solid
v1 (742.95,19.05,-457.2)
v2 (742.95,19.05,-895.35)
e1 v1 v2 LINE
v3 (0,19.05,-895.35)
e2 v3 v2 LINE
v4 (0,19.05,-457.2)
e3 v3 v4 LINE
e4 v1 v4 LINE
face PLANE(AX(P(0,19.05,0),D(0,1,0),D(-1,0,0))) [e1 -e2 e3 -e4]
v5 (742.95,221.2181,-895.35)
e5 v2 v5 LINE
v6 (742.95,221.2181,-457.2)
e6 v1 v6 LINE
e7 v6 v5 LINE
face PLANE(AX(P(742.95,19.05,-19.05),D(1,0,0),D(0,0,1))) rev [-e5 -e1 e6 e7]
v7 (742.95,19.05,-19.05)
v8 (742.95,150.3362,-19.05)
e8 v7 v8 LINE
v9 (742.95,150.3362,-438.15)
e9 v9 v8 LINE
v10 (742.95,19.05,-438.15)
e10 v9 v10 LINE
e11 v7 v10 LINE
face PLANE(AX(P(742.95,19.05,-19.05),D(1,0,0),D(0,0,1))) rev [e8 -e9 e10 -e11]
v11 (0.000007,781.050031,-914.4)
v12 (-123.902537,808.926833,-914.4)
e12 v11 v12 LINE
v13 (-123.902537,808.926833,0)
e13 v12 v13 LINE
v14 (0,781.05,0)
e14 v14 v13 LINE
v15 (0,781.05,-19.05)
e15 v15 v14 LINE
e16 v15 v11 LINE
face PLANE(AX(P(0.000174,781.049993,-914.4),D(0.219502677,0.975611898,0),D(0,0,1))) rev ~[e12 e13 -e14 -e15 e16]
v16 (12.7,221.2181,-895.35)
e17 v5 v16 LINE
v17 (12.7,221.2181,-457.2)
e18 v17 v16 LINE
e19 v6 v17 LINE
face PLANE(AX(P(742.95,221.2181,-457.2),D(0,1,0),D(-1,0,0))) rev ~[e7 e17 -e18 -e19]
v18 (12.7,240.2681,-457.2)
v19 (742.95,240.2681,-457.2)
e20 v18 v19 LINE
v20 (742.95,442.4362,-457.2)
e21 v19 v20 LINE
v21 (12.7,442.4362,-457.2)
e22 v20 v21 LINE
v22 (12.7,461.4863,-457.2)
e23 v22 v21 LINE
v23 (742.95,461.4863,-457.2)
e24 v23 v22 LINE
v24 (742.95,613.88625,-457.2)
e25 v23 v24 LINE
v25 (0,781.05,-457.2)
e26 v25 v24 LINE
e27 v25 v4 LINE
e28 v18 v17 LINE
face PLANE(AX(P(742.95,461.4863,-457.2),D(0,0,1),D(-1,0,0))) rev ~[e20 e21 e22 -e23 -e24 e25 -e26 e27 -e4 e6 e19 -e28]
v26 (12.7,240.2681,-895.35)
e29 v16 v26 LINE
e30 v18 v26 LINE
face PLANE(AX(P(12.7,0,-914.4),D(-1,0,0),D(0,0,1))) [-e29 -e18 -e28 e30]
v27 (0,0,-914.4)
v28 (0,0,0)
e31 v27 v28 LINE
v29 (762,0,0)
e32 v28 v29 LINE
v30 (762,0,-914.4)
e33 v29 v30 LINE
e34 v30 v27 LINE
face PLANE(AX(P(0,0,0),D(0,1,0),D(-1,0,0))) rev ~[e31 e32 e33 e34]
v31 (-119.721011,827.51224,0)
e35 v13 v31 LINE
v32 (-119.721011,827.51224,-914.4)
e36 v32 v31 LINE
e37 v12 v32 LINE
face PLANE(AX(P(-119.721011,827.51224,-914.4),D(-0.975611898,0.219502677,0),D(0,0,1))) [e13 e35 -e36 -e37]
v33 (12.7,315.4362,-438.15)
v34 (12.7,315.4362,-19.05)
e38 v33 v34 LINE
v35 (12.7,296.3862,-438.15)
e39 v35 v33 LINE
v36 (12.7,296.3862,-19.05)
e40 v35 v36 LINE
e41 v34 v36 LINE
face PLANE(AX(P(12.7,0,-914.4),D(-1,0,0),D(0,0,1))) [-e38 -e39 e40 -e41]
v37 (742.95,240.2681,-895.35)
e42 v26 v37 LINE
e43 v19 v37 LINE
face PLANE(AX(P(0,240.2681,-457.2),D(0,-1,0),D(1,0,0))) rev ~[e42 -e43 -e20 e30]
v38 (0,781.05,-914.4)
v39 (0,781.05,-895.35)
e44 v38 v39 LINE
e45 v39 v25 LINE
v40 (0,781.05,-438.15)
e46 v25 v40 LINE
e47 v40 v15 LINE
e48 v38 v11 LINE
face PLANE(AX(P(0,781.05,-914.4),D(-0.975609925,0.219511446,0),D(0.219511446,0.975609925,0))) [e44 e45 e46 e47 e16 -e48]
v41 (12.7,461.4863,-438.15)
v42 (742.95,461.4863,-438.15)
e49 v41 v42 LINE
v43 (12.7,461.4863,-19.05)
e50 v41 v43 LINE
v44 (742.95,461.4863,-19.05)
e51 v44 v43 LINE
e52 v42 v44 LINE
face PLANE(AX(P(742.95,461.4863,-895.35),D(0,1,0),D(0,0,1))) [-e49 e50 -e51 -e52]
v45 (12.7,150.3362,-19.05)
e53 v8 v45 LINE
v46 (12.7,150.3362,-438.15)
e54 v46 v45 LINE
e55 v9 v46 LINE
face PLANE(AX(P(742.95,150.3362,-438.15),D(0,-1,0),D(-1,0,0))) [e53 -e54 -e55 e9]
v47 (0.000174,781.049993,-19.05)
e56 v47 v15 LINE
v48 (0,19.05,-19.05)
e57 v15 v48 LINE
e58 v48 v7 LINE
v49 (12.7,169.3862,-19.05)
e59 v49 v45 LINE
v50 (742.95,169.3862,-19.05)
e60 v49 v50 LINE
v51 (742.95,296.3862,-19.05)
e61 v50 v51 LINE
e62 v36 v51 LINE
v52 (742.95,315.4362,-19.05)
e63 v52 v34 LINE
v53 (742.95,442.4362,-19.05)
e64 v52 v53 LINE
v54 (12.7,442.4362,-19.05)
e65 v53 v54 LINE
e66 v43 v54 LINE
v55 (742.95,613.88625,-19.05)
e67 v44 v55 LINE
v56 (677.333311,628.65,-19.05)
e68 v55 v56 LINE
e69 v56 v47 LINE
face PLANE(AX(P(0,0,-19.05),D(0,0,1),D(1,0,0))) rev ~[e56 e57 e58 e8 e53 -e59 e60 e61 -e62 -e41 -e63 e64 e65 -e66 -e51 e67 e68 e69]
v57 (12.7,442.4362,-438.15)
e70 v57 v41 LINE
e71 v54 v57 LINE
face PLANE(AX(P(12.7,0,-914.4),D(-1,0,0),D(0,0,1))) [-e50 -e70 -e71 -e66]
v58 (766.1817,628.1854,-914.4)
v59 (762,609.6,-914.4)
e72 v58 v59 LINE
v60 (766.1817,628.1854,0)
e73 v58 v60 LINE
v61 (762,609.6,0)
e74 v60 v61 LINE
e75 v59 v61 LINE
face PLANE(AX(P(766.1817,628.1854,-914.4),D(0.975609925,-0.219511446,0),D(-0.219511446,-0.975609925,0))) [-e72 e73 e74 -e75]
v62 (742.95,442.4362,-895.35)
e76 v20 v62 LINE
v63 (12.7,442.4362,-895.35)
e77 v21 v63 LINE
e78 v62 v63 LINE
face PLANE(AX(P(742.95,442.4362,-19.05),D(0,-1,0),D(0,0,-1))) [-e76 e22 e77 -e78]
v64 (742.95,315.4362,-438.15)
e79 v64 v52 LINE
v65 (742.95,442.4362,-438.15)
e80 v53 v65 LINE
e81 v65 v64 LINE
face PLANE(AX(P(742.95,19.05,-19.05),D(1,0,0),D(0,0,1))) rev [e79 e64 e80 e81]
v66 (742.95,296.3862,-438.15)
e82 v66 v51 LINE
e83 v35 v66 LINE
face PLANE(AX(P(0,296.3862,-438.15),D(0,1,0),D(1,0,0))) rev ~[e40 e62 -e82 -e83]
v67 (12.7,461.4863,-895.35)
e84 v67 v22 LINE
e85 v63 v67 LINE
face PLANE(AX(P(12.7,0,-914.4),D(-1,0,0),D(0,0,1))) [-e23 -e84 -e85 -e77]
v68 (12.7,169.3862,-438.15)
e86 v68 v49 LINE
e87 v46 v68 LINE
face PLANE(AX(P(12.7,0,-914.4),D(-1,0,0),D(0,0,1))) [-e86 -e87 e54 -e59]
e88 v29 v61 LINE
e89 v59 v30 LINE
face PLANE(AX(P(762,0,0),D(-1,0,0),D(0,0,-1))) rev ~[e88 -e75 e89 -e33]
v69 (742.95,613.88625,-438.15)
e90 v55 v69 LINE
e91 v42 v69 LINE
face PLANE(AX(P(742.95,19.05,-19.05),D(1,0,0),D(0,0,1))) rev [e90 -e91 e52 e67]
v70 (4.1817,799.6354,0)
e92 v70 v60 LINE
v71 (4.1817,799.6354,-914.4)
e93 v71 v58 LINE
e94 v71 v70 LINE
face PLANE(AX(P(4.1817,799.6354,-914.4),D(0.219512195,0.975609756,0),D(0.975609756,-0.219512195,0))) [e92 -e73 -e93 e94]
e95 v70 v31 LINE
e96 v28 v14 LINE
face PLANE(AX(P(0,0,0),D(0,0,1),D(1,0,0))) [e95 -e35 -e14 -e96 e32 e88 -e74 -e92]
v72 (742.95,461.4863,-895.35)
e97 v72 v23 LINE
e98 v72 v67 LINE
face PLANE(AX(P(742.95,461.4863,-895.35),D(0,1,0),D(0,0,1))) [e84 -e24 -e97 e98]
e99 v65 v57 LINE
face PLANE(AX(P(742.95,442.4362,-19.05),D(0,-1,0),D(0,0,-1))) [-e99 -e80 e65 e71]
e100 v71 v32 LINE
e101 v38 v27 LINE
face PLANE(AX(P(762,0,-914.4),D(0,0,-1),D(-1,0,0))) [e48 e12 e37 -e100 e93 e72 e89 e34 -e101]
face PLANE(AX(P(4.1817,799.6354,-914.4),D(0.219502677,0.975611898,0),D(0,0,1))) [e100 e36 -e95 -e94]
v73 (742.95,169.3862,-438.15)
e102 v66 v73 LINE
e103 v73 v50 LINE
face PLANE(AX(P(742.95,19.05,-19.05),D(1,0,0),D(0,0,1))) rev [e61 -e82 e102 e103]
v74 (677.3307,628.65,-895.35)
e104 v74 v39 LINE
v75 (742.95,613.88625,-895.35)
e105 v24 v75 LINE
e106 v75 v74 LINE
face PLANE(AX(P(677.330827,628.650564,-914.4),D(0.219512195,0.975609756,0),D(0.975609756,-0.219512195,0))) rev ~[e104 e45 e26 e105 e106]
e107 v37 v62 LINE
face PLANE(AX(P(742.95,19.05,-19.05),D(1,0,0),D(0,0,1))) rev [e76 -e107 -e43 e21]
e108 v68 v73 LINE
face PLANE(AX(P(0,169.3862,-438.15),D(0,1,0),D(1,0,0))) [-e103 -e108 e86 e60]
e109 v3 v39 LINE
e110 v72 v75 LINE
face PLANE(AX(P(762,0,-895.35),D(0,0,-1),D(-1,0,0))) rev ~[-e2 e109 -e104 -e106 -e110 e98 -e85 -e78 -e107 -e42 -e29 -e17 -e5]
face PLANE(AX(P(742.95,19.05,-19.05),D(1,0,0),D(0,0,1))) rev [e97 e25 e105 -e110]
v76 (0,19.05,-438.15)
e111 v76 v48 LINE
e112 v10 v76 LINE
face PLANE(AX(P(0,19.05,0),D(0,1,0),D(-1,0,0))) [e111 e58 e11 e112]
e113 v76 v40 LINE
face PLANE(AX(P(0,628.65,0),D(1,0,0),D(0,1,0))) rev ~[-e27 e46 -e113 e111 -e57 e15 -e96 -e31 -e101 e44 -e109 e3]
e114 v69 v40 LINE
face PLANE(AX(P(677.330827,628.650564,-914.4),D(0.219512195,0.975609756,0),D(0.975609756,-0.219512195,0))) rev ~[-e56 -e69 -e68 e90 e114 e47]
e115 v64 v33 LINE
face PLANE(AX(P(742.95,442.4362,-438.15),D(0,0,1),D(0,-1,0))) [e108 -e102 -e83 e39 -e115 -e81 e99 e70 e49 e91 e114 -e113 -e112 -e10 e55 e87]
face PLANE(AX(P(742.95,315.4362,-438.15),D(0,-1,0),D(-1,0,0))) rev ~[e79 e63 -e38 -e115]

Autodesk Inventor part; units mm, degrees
ref_plane "YZ Plane" through (0, 0, 0) normal (1, 0, 0) x (0, 1, 0)
ref_plane "XZ Plane" through (0, 0, 0) normal (0, 1, 0) x (-1, 0, 0)
ref_plane "XY Plane" through (0, 0, 0) normal (0, 0, 1) x (1, 0, 0)
sketch "Sketch1" plane through (0, 0, 0) normal (0, 1, 0) x (-1, 0, 0)
  line L0 (0, 0) -> (-762, 0)
  line L1 (-762, 0) -> (-762, -914.4)
  line L2 (-762, -914.4) -> (0, -914.4)
  line L3 (0, -914.4) -> (0, 0)
  dimension "d0" = 762
  dimension "d1" = 914.4
extrude "Extrusion1" add sketch "Sketch1" along normal blind 19.05
sketch "Sketch5" plane through (762, 0, -914.4) normal (0, 0, -1) x (-1, 0, 0)
  line L0 (0, 0) -> (0, 19.05) projected
  line L1 (0, 0) -> (762, 0) projected
  line L2 (762, 0) -> (762, 19.05) projected
  line L3 (762, 628.65) -> (762, 781.05)
  line L4 (762, 781.05) -> (0, 609.6)
  line L5 (0, 609.6) -> (762, 609.6) construction
  line L6 (762, 19.05) -> (762, 628.65) construction
  line L7 (762, 781.05) -> (757.8183, 799.6354)
  line L8 (757.8183, 799.6354) -> (-4.1817, 628.1854)
  line L9 (0, 609.6) -> (84.6693, 628.65) projected
  line L10 (-4.1817, 628.1854) -> (0, 609.6)
  line L11 (0, 19.05) -> (762, 19.05) projected
  dimension "d22" = 152.4
  dimension "d23" = 12.68
  dimension "d25" = 19.05
  dimension "d26" = 90
  dimension "d28" = 90
  dimension "d29" = 90
extrude "Extrusion5" add sketch "Sketch5" against normal up to surface (914.4 mm away) contours L4 L10 L8 L7
sketch "Sketch7" plane through (0, 19.05, 0) normal (0, 1, 0) x (1, 0, 0)
  line L0 (0, 0) -> (762, 0) projected
  line L1 (0, 914.4) -> (0, 0) projected
  line L2 (762, 914.4) -> (0, 914.4) projected
  line L3 (762, 0) -> (762, 914.4) projected
  line L4 (762, 0) -> (762, 914.4) projected
  line L5 (0, 914.4) -> (0, 0) projected
  line L6 (762, 914.4) -> (0, 914.4)
  line L7 (0, 914.4) -> (0, 895.35)
  line L8 (0, 895.35) -> (742.95, 895.35)
  line L9 (762, 895.35) -> (762, 914.4)
  line L10 (762, 914.4) -> (742.95, 914.4)
  line L11 (742.95, 895.35) -> (742.95, 457.2)
  line L12 (742.95, 457.2) -> (762, 457.2)
  line L13 (762, 457.2) -> (762, 914.4)
  dimension "d38" = 19.05
  dimension "d39" = 19.05
  dimension "d40" = 457.2
extrude "Extrusion7" add sketch "Sketch7" along normal blind 609.6 contours L1 L2 L3 L12 L11 L8
sketch "Sketch8" plane through (762, 0, -914.4) normal (0, 0, -1) x (-1, 0, 0)
  line L0 (0, 0) -> (762, 0) projected
  line L1 (762, 0) -> (762, 628.65) projected
  line L2 (84.6667, 628.65) -> (762, 628.65) projected
  line L3 (84.6667, 628.65) -> (762, 781.05) projected
  line L4 (762, 781.05) -> (757.8183, 799.6354) projected
  line L5 (757.8183, 799.6354) -> (-4.1817, 628.1854) projected
  line L6 (-4.1817, 628.1854) -> (0, 609.6) projected
  line L7 (0, 0) -> (0, 609.6) projected
  line L8 (762, 628.65) -> (762, 781.05)
  line L9 (84.6667, 628.65) -> (762, 781.05) projected
  line L10 (762, 781.05) -> (84.6667, 628.65)
  line L11 (84.6667, 628.65) -> (762, 628.65)
extrude "Extrusion8" add sketch "Sketch8" against normal blind 19.05 contours L2 L3 L8
ref_plane "Work Plane2" through (762, 0, -457.2) normal (0, 0, -1) x (-1, 0, 0)
mirror "Mirror1" about plane through (762, 0, -457.2) normal (0, 0, -1) of "Extrusion7"
sketch "Sketch9" plane through (0, 0, 0) normal (0, 0, 1) x (1, 0, 0)
  line L0 (766.1817, 628.1854) -> (762, 609.6) projected
  line L1 (4.1817, 799.6354) -> (766.1817, 628.1854) projected
  line L2 (0, 781.05) -> (4.1817, 799.6354) projected
  line L3 (677.3333, 628.65) -> (0, 781.05) projected
  line L4 (677.3333, 628.65) -> (0, 628.65) projected
  line L5 (0, 0) -> (0, 628.65) projected
  line L6 (0, 0) -> (762, 0) projected
  line L7 (762, 0) -> (762, 609.6) projected
  line L8 (0, 19.05) -> (0, 781.05) projected
  line L9 (0, 628.65) -> (0, 781.05)
  line L10 (0, 781.05) -> (677.3333, 628.65)
  line L11 (0, 781.05) -> (742.95, 613.8863) projected
  line L12 (0, 628.65) -> (677.3333, 628.65)
extrude "Extrusion9" add sketch "Sketch9" against normal blind 19.05 contours L3 L4 L8
sketch "Sketch12" plane through (742.95, 19.05, -895.35) normal (-1, 0, 0) x (0, 0, 1)
  line L0 (0, 594.8363) -> (876.3, 594.8363) projected
  line L1 (0, 0) -> (0, 594.8363) projected
  line L2 (876.3, 0) -> (0, 0) projected
  line L3 (876.3, 0) -> (876.3, 594.8363) projected
  line L4 (0, 0) -> (0, 594.8363) projected
  line L5 (876.3, 0) -> (876.3, 762) projected
  line L6 (0, 442.4363) -> (876.3, 442.4363)
  line L7 (876.3, 442.4363) -> (876.3, 423.3862)
  line L8 (876.3, 423.3862) -> (0, 423.3862)
  line L9 (0, 423.3862) -> (0, 442.4363)
  point P0 (895.35, -19.05)
  dimension "d57" = 19.05
  dimension "d58" = 152.4
extrude "Extrusion10" add sketch "Sketch12" along normal up to surface (742.95 mm away) contours L6 L3 L8 L1
sketch "Sketch13" plane through (742.95, 461.4863, -19.05) normal (0, 1, 0) x (1, 0, 0)
  line L0 (-742.95, 0) -> (-742.95, 876.3) projected
  line L1 (0, 876.3) -> (-742.95, 876.3) projected
  line L2 (0, 0) -> (0, 876.3) projected
  line L3 (-742.95, 0) -> (0, 0) projected
  line L4 (0, 0) -> (0, 876.3) projected
  line L5 (-742.95, 876.3) -> (-742.95, 0) projected
  line L6 (0, 438.15) -> (-742.95, 438.15)
  line L7 (-742.95, 438.15) -> (-742.95, 419.1)
  line L8 (-742.95, 419.1) -> (0, 419.1)
  line L9 (0, 419.1) -> (0, 438.15)
  point P0 (-742.95, -19.05)
  dimension "d61" = 19.05
extrude "Extrusion11" add sketch "Sketch13" along normal up to surface contours L0 L6 L2 L8 surface through (0, 781.05, -914.4) normal (-0.2195, -0.9756, 0)
sketch "Sketch14" plane through (4.1817, 799.6354, -914.4) normal (-0.9756, 0.2195, 0) x (0, 0, 1)
  line L0 (914.4, -19.05) -> (914.4, 0) projected
  line L1 (0, 0) -> (914.4, 0) projected
  line L2 (0, -19.05) -> (0, 0) projected
  line L3 (0, -19.05) -> (19.05, -19.05) projected
  line L4 (19.05, -19.05) -> (457.2, -19.05) projected
  line L5 (457.2, -19.05) -> (476.25, -19.05) projected
  line L6 (476.25, -19.05) -> (895.35, -19.05) projected
  line L7 (895.35, -19.05) -> (914.4, -19.05) projected
  line L8 (914.4, -781.05) -> (914.4, -19.05) projected
  line L9 (0, 0) -> (914.4, 0)
  line L10 (914.4, 0) -> (914.4, -19.05)
  line L11 (914.4, -19.05) -> (0, -19.05)
  line L12 (0, -19.05) -> (0, 0)
extrude "Extrusion12" add sketch "Sketch14" along normal blind 127
sketch "Sketch15" plane through (742.95, 19.05, -895.35) normal (-1, 0, 0) x (0, 0, 1)
  line L0 (876.3, 423.3862) -> (0, 423.3862) projected
  line L1 (0, 0) -> (0, 423.3862) projected
  line L2 (876.3, 0) -> (0, 0) projected
  line L3 (876.3, 0) -> (876.3, 423.3862) projected
  line L4 (876.3, 423.3862) -> (0, 423.3862) projected
  line L5 (0, 0) -> (876.3, 0) projected
  line L6 (438.15, 423.3862) -> (457.2, 423.3862)
  line L7 (457.2, 423.3862) -> (457.2, 0)
  line L8 (457.2, 0) -> (438.15, 0)
  line L9 (438.15, 0) -> (438.15, 423.3862)
  point P0 (895.35, -19.05)
  dimension "d66" = 19.05
extrude "Extrusion13" add sketch "Sketch15" along normal up to surface (742.95 mm away) contours L7 L2 L9 L0
sketch "Sketch16" plane through (742.95, 19.05, -438.15) normal (0, 0, 1) x (1, 0, 0)
  line L0 (-742.95, 0) -> (-742.95, 423.3862) projected
  line L1 (0, 423.3862) -> (-742.95, 423.3862) projected
  line L2 (0, 0) -> (0, 423.3862) projected
  line L3 (-742.95, 0) -> (0, 0) projected
  line L4 (0, 0) -> (0, 423.3862) projected
  line L5 (-742.95, 277.3362) -> (0, 277.3362)
  line L6 (0, 277.3362) -> (0, 296.3862)
  line L7 (0, 296.3862) -> (-742.95, 296.3862)
  line L8 (-742.95, 296.3862) -> (-742.95, 277.3362)
  line L9 (-742.95, 150.3362) -> (0, 150.3362)
  line L10 (0, 150.3362) -> (0, 131.2862)
  line L11 (0, 131.2862) -> (-742.95, 131.2862)
  line L12 (-742.95, 131.2862) -> (-742.95, 150.3362)
  point P0 (-742.95, -19.05)
  dimension "d69" = 19.05
  dimension "d70" = 127
  dimension "d71" = 19.05
  dimension "d72" = 127
extrude "Extrusion14" add sketch "Sketch16" along normal up to surface (419.1 mm away) contours L0 L9 L2 L11 | L0 L7 L2 L5
sketch "Sketch17" plane through (742.95, 19.05, -457.2) normal (0, 0, -1) x (-1, 0, 0)
  line L0 (742.95, 423.3862) -> (0, 423.3862) projected
  line L1 (0, 0) -> (742.95, 0) projected
  line L2 (0, 131.2862) -> (0, 0) projected
  line L3 (0, 277.3362) -> (0, 150.3362) projected
  line L4 (0, 423.3862) -> (0, 296.3862) projected
  line L5 (742.95, 423.3862) -> (742.95, 296.3862) projected
  line L6 (742.95, 277.3362) -> (742.95, 150.3362) projected
  line L7 (742.95, 131.2862) -> (742.95, 0) projected
  line L8 (0, 423.3862) -> (742.95, 0) construction
  line L9 (742.95, 423.3862) -> (0, 0) construction
  line L10 (0, 202.1681) -> (742.95, 202.1681)
  line L11 (742.95, 202.1681) -> (742.95, 221.2181)
  line L12 (742.95, 221.2181) -> (0, 221.2181)
  line L13 (0, 221.2181) -> (0, 202.1681)
  line L14 (0, 202.1681) -> (742.95, 221.2181) construction
  line L15 (742.95, 202.1681) -> (0, 221.2181) construction
  point P0 (742.95, -19.05)
  point P1 (371.475, 211.6931)
  dimension "d75" = 19.05
extrude "Extrusion15" add sketch "Sketch17" along normal up to surface (438.15 mm away)
sketch "Sketch18" plane through (0, 0, -914.4) normal (-1, 0, 0) x (0, 0, 1)
  line L0 (476.25, 442.4362) -> (476.25, 315.4362) projected
  line L1 (19.05, 240.2681) -> (19.05, 442.4362) projected
  line L2 (457.2, 442.4362) -> (19.05, 442.4362) projected
  line L3 (457.2, 240.2681) -> (457.2, 442.4362) projected
  line L4 (457.2, 240.2681) -> (19.05, 240.2681) projected
  line L5 (476.25, 296.3862) -> (476.25, 169.3862) projected
  line L6 (476.25, 296.3862) -> (895.35, 296.3862) projected
  line L7 (895.35, 169.3862) -> (895.35, 296.3862) projected
  line L8 (476.25, 169.3862) -> (895.35, 169.3862) projected
  line L9 (476.25, 150.3362) -> (895.35, 150.3362) projected
  line L10 (895.35, 19.05) -> (895.35, 150.3362) projected
  line L11 (476.25, 19.05) -> (895.35, 19.05) projected
  line L12 (476.25, 150.3362) -> (476.25, 19.05) projected
  line L13 (476.25, 315.4362) -> (895.35, 315.4362) projected
  line L14 (476.25, 442.4362) -> (476.25, 315.4362) projected
  line L15 (895.35, 442.4362) -> (476.25, 442.4362) projected
  line L16 (895.35, 315.4362) -> (895.35, 442.4362) projected
  line L17 (19.05, 461.4863) -> (19.05, 781.05) projected
  line L18 (0, 781.05) -> (19.05, 781.05) projected
  line L19 (0, 0) -> (0, 781.05) projected
  line L20 (0, 0) -> (914.4, 0) projected
  line L21 (914.4, 0) -> (914.4, 781.05) projected
  line L22 (895.35, 781.05) -> (914.4, 781.05) projected
  line L23 (895.35, 461.4863) -> (895.35, 781.05) projected
  line L24 (476.25, 461.4863) -> (895.35, 461.4863) projected
  line L25 (476.25, 461.4863) -> (476.25, 781.05) projected
  line L26 (457.2, 781.05) -> (476.25, 781.05) projected
  line L27 (457.2, 461.4863) -> (457.2, 781.05) projected
  line L28 (19.05, 461.4863) -> (457.2, 461.4863) projected
  line L29 (457.2, 221.2181) -> (19.05, 221.2181) projected
  line L30 (457.2, 19.05) -> (457.2, 221.2181) projected
  line L31 (19.05, 19.05) -> (457.2, 19.05) projected
  line L32 (19.05, 19.05) -> (19.05, 221.2181) projected
  line L33 (19.05, 461.4863) -> (19.05, 613.8863) projected
  line L34 (457.2, 240.2681) -> (457.2, 442.4362) projected
  line L35 (19.05, 461.4863) -> (457.2, 461.4863)
  line L36 (457.2, 461.4863) -> (457.2, 442.4362)
  line L37 (457.2, 442.4362) -> (19.05, 442.4362)
  line L38 (19.05, 442.4362) -> (19.05, 461.4863)
  line L39 (457.2, 240.2681) -> (19.05, 240.2681) projected
  line L40 (457.2, 221.2181) -> (19.05, 221.2181) projected
  line L41 (19.05, 240.2681) -> (457.2, 240.2681)
  line L42 (457.2, 240.2681) -> (457.2, 221.2181)
  line L43 (457.2, 221.2181) -> (19.05, 221.2181)
  line L44 (19.05, 221.2181) -> (19.05, 240.2681)
  line L45 (476.25, 461.4863) -> (476.25, 781.05) projected
  line L46 (895.35, 315.4362) -> (895.35, 442.4362) projected
  line L47 (476.25, 461.4863) -> (895.35, 461.4863)
  line L48 (895.35, 461.4863) -> (895.35, 442.4362)
  line L49 (895.35, 442.4362) -> (476.25, 442.4362)
  line L50 (476.25, 442.4362) -> (476.25, 461.4863)
  line L51 (895.35, 169.3862) -> (895.35, 296.3862) projected
  line L52 (476.25, 315.4362) -> (895.35, 315.4362)
  line L53 (895.35, 315.4362) -> (895.35, 296.3862)
  line L54 (895.35, 296.3862) -> (476.25, 296.3862)
  line L55 (476.25, 296.3862) -> (476.25, 315.4362)
  line L56 (476.25, 169.3862) -> (895.35, 169.3862) projected
  line L57 (895.35, 19.05) -> (895.35, 150.3362) projected
  line L58 (476.25, 169.3862) -> (895.35, 169.3862)
  line L59 (895.35, 169.3862) -> (895.35, 150.3362)
  line L60 (895.35, 150.3362) -> (476.25, 150.3362)
  line L61 (476.25, 150.3362) -> (476.25, 169.3862)
extrude "Extrusion16" cut sketch "Sketch18" against normal blind 12.7 contours L50 L24 L48 L15 | L13 L53 L6 L55 | L8 L59 L9 L61 | L36 L2 L38 L28 | L42 L29 L44 L4
properties part number "Top"
